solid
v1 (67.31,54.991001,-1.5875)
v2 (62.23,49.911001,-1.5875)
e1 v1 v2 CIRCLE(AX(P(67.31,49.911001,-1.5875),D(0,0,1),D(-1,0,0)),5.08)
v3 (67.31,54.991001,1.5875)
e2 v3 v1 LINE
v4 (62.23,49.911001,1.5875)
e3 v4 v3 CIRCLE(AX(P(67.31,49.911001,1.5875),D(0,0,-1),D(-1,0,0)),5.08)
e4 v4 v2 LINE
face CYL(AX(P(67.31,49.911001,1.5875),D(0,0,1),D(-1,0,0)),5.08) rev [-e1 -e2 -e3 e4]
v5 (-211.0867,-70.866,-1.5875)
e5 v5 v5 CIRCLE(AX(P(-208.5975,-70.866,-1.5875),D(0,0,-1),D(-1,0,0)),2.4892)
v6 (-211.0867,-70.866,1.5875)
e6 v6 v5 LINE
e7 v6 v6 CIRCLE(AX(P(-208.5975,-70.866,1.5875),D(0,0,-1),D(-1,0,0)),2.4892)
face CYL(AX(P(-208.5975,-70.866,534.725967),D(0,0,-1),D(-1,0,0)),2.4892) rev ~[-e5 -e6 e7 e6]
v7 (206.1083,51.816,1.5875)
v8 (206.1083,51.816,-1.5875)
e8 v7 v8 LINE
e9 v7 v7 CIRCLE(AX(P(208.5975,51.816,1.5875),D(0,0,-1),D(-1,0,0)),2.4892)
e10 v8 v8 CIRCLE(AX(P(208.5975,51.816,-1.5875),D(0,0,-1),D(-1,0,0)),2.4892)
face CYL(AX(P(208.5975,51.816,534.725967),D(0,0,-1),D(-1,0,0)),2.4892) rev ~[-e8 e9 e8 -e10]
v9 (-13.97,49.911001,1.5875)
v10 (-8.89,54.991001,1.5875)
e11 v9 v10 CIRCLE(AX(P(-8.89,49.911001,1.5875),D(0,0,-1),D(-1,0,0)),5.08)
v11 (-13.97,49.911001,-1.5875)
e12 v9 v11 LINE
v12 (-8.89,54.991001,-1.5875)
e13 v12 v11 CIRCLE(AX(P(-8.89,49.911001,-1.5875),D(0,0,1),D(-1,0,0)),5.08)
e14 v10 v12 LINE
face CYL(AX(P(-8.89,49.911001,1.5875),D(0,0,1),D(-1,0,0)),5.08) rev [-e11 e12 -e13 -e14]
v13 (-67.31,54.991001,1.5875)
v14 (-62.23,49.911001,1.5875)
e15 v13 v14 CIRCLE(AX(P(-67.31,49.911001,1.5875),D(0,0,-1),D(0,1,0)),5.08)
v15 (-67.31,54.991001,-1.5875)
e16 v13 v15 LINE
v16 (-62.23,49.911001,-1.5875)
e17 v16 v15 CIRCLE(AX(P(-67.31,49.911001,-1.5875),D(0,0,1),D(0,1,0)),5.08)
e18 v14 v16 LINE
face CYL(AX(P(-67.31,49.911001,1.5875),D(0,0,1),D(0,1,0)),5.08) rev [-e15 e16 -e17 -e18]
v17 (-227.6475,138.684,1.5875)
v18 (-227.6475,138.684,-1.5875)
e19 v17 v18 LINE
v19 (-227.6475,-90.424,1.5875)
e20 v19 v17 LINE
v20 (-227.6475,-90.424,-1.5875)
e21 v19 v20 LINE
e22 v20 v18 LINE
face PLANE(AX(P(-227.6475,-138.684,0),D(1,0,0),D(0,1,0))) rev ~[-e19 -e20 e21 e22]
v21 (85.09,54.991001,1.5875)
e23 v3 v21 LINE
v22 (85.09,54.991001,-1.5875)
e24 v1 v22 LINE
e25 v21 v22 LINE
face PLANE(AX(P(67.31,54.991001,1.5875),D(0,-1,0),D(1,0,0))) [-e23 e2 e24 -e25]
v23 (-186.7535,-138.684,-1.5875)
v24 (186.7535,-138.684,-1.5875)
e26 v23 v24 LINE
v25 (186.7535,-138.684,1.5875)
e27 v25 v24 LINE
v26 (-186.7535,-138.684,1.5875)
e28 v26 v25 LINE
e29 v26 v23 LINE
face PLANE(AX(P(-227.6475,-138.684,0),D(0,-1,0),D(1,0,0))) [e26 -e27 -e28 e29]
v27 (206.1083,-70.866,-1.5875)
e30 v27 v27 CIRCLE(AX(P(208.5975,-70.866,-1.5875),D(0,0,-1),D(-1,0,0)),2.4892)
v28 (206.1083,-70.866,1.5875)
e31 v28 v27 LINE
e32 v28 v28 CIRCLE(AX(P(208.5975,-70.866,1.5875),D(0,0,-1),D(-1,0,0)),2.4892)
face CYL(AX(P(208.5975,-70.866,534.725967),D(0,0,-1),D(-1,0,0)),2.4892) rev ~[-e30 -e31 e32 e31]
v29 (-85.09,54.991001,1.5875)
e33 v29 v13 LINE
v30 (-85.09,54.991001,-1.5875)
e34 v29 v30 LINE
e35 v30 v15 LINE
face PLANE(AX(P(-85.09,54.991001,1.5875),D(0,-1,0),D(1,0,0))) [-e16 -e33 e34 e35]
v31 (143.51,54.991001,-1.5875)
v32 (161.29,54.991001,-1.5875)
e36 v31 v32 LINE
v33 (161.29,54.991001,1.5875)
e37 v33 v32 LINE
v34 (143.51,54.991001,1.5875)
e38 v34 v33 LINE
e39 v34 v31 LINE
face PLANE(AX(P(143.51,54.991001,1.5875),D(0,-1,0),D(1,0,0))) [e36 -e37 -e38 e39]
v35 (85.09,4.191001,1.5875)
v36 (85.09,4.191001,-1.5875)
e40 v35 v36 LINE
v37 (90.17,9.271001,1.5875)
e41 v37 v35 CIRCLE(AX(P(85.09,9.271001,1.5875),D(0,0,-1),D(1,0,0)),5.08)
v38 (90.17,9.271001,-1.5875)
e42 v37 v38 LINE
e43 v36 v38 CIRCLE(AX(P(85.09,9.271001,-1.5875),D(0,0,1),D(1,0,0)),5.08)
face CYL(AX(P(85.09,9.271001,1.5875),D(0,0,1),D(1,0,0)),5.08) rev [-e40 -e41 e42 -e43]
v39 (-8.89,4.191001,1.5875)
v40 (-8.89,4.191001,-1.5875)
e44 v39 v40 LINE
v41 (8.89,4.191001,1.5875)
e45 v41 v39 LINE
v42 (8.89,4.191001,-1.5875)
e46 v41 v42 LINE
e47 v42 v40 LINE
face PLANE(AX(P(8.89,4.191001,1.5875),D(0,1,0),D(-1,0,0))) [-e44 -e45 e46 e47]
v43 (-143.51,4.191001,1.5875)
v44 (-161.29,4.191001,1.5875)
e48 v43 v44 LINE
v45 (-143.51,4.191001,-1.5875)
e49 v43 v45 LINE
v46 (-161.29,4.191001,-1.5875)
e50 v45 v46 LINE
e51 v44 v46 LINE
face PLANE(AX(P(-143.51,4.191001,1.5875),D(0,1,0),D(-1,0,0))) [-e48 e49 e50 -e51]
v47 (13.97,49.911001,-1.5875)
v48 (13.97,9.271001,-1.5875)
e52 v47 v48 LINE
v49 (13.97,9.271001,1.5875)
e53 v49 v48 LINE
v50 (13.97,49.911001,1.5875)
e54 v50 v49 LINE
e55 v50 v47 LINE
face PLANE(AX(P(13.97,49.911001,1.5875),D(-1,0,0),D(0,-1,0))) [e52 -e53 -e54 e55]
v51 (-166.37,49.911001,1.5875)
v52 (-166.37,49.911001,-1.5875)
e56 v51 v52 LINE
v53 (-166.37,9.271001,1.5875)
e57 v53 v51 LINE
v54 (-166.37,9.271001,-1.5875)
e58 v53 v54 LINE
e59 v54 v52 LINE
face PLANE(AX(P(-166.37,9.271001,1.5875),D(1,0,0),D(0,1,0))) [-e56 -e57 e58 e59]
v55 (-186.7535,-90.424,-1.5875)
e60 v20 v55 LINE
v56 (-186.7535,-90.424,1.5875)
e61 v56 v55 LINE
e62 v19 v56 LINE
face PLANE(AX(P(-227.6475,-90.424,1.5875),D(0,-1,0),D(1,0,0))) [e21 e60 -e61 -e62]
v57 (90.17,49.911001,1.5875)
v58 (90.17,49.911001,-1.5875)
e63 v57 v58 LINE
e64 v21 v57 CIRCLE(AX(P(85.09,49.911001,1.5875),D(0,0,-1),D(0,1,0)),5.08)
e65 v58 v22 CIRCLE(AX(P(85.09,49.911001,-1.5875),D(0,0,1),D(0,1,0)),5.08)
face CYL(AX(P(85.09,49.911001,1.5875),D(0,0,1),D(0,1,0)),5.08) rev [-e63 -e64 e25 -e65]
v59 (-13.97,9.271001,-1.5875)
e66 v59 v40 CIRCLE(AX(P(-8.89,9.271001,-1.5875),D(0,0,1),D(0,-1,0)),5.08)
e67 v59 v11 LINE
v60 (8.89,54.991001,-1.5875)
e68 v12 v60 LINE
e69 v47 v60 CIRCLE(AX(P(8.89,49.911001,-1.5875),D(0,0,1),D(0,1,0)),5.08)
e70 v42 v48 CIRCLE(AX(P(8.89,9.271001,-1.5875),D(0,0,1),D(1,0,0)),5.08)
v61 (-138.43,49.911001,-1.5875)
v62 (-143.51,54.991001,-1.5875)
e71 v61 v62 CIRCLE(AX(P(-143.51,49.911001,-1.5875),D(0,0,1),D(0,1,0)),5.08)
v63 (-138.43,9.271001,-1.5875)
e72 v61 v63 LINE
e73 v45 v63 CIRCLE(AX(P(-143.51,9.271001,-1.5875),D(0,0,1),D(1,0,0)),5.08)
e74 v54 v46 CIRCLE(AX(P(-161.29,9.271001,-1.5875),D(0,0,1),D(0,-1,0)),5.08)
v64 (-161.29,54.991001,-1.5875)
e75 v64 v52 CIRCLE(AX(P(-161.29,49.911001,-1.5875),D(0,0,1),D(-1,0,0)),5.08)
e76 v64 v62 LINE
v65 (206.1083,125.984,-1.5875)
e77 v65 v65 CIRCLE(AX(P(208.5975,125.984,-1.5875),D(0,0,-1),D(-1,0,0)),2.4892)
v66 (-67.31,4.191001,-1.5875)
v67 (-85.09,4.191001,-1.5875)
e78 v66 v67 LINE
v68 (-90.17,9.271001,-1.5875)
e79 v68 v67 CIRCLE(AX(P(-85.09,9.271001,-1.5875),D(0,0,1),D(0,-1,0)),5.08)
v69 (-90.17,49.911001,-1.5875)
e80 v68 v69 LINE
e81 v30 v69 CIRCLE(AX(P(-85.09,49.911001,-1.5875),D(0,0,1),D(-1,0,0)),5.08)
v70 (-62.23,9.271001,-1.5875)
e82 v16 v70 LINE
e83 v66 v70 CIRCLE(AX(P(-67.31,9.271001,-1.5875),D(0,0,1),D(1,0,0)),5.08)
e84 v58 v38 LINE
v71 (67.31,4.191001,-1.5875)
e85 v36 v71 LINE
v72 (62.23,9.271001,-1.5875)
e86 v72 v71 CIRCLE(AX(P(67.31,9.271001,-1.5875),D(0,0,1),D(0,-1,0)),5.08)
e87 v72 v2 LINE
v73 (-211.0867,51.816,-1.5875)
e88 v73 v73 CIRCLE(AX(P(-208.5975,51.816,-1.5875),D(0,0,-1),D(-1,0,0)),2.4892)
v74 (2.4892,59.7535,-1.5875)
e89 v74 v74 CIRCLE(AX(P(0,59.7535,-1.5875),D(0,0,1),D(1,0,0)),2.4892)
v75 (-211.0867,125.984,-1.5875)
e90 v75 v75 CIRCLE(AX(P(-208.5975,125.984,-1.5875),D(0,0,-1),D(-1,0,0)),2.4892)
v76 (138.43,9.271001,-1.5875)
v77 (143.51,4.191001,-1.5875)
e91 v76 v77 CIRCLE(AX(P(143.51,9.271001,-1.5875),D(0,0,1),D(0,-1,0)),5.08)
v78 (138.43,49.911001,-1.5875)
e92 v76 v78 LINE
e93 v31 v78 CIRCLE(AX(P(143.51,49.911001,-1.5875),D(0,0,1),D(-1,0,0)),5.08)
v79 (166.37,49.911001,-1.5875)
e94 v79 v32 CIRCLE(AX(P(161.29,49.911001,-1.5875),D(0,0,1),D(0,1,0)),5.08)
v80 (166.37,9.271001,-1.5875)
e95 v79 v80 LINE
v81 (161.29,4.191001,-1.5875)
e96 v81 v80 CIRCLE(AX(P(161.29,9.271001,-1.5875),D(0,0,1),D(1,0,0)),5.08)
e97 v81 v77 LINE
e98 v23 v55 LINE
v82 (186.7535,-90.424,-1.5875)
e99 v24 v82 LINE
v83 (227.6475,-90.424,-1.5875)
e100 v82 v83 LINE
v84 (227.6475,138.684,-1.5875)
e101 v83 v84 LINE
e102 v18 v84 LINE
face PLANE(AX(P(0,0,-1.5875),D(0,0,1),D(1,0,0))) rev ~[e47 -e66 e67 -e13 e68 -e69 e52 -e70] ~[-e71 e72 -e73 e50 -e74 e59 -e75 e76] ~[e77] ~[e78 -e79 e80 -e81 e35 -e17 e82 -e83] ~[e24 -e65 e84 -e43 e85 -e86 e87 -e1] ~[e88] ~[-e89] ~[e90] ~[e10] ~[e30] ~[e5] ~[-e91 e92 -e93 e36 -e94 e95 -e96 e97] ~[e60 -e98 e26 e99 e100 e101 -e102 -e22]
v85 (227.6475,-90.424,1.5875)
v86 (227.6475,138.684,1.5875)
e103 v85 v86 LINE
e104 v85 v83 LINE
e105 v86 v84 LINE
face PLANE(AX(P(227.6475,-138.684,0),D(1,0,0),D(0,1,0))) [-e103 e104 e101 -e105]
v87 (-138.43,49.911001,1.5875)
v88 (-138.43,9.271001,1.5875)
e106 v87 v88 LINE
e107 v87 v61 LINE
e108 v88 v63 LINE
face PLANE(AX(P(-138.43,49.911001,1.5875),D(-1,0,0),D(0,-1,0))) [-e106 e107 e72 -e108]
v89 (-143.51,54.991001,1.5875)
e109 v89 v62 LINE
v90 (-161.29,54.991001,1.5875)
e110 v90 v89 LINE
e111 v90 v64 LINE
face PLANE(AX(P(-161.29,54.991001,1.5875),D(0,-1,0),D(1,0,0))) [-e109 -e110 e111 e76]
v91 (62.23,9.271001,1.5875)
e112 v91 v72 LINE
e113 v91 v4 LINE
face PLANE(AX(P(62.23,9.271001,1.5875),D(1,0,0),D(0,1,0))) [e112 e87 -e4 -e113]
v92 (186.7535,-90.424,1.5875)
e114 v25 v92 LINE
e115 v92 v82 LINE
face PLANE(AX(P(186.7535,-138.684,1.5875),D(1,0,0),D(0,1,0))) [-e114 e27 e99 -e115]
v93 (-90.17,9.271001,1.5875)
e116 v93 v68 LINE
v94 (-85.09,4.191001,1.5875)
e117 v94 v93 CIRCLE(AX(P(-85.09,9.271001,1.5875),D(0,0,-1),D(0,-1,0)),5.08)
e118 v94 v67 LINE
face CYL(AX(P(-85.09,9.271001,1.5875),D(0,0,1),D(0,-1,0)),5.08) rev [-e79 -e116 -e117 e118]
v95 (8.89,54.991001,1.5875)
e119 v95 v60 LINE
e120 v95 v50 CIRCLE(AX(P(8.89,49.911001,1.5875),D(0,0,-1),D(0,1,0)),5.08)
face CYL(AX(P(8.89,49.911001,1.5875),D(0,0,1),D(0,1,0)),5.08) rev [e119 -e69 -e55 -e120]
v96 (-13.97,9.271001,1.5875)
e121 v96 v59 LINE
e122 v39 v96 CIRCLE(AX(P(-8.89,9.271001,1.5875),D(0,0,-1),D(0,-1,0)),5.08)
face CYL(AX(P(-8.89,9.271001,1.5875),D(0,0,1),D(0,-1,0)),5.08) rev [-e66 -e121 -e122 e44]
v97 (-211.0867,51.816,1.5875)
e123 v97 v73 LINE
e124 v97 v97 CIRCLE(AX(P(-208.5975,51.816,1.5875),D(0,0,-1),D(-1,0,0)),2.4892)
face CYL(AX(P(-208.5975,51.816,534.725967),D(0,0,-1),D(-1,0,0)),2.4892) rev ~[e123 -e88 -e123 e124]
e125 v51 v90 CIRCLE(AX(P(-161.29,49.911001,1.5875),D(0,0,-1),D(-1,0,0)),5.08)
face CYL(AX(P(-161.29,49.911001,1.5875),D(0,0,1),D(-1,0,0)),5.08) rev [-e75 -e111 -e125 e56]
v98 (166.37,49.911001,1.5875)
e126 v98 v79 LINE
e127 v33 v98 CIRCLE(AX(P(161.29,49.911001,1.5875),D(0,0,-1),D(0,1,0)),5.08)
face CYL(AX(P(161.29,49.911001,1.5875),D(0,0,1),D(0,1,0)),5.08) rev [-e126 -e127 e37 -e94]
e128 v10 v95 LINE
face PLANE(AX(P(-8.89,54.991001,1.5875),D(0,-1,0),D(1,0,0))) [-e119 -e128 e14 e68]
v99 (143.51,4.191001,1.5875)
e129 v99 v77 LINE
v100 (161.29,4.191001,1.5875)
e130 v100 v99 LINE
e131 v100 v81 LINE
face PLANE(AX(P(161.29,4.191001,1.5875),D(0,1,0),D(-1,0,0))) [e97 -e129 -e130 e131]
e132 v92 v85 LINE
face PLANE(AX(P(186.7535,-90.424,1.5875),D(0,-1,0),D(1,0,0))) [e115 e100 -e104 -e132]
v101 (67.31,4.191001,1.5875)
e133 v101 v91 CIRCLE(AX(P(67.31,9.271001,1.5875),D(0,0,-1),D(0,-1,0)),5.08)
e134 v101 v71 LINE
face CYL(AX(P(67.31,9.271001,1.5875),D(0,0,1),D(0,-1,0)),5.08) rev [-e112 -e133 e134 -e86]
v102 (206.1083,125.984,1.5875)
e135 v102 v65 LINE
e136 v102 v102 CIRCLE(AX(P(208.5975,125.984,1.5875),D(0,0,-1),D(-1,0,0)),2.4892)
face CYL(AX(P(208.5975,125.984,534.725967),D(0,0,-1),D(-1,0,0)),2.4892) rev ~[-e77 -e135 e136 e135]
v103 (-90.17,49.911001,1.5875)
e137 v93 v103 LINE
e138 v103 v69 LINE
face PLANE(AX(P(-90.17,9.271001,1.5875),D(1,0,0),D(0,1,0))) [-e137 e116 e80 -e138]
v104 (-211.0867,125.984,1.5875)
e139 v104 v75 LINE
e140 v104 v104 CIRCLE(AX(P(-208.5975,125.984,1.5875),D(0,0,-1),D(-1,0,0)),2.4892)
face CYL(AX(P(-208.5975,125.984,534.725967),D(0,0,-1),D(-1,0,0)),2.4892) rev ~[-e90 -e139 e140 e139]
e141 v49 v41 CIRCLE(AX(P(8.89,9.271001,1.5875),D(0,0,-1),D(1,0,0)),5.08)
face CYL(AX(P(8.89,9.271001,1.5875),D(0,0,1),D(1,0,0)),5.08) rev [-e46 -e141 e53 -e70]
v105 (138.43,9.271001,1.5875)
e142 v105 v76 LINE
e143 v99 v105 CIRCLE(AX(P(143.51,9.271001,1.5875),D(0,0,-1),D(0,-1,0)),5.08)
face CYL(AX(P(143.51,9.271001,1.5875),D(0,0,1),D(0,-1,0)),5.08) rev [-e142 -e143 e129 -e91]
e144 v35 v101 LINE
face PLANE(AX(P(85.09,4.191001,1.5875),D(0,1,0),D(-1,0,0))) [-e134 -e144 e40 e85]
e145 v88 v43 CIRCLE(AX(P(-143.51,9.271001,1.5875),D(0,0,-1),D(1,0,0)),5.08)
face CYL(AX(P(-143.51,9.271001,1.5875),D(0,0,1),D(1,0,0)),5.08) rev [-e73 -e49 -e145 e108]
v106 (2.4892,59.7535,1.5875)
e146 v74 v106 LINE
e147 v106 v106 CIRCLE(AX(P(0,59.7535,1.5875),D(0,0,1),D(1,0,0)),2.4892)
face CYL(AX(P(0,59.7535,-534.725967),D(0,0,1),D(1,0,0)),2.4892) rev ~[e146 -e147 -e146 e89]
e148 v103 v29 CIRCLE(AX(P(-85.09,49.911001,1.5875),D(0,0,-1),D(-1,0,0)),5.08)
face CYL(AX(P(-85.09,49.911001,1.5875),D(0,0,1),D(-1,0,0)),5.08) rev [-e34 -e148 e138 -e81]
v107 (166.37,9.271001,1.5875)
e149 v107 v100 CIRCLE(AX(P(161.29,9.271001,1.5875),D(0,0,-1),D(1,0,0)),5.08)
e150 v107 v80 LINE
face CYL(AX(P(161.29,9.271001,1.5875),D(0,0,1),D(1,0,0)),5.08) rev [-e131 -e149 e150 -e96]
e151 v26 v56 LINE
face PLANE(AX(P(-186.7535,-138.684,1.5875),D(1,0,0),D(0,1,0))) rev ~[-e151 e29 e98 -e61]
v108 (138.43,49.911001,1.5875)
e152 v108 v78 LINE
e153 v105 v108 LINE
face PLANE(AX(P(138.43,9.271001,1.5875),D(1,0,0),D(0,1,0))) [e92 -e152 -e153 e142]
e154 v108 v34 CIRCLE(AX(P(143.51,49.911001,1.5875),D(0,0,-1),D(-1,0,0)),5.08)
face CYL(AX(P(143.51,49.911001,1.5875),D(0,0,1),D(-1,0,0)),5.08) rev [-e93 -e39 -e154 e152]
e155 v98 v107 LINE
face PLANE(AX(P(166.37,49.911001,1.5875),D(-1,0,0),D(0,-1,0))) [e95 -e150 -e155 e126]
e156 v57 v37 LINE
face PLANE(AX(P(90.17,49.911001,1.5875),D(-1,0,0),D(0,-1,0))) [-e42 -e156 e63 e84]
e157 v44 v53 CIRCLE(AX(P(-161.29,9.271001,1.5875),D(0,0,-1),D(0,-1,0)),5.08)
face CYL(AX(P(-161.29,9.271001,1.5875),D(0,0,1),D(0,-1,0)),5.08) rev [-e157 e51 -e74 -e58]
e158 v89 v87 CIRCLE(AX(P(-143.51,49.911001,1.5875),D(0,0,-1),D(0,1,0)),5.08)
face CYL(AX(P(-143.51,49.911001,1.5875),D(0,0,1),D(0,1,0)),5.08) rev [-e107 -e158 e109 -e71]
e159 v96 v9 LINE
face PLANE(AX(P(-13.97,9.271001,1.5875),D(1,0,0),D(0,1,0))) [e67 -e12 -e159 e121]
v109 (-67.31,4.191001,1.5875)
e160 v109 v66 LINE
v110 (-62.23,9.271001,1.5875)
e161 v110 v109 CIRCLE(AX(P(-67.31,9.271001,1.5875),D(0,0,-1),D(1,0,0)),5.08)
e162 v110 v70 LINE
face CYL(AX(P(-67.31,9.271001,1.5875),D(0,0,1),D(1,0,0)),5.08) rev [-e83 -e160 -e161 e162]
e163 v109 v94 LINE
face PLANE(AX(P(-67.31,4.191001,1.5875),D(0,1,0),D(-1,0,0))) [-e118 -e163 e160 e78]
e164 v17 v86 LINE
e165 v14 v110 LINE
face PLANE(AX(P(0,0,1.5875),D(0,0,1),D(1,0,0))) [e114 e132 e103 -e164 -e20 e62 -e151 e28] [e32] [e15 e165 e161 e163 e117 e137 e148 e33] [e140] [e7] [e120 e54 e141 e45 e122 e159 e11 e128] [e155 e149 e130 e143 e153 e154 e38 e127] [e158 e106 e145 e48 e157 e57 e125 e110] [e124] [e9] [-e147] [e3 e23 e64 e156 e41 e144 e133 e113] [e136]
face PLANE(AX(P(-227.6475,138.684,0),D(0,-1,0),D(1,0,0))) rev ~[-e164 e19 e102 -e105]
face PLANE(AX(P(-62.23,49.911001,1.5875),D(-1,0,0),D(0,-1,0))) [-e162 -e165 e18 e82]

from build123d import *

# Parameters (mm, degrees)
SKETCH3_W              = 455.295
SKETCH3_H              = 277.368
BOSS_EXTRUDE1_DEPTH    = 1.5875
CUT_EXTRUDE1_DEPTH     = 25.4
SKETCH8_W              = 40.894
SKETCH8_H              = 48.26
CUT_EXTRUDE2_DEPTH     = 25.4
F_10_CLEARANCE_HOLE1_D = 4.9784
F_10_CLEARANCE_HOLE2_D = 4.9784


with BuildPart() as part:
    # Sketch3 → Boss-Extrude1 (new, symmetric)
    with BuildSketch(Plane.XY):
        Rectangle(SKETCH3_W, SKETCH3_H)
    extrude(amount=BOSS_EXTRUDE1_DEPTH, both=True)

    # Sketch4 → Cut-Extrude1 (cut)
    with BuildSketch(Plane.XY.offset(1.5875)):
        with BuildLine():
            Line((-161.29, 54.991001016), (-143.51, 54.991001016))
            ThreePointArc((-143.51, 54.991001016), (-139.917897552, 53.503103464), (-138.43, 49.911001016))
            Line((-138.43, 49.911001016), (-138.43, 9.271001016))
            ThreePointArc((-138.43, 9.271001016), (-139.917897552, 5.678898568), (-143.51, 4.191001016))
            Line((-143.51, 4.191001016), (-161.29, 4.191001016))
            ThreePointArc((-161.29, 4.191001016), (-164.882102448, 5.678898568), (-166.37, 9.271001016))
            Line((-166.37, 9.271001016), (-166.37, 49.911001016))
            ThreePointArc((-166.37, 49.911001016), (-164.882102448, 53.503103464), (-161.29, 54.991001016))
        make_face()
        with BuildLine():
            Line((-8.89, 54.991001016), (8.89, 54.991001016))
            ThreePointArc((8.89, 54.991001016), (12.482102448, 53.503103464), (13.97, 49.911001016))
            Line((13.97, 49.911001016), (13.97, 9.271001016))
            ThreePointArc((13.97, 9.271001016), (12.482102448, 5.678898568), (8.89, 4.191001016))
            Line((8.89, 4.191001016), (-8.89, 4.191001016))
            ThreePointArc((-8.89, 4.191001016), (-12.482102448, 5.678898568), (-13.97, 9.271001016))
            Line((-13.97, 9.271001016), (-13.97, 49.911001016))
            ThreePointArc((-13.97, 49.911001016), (-12.482102448, 53.503103464), (-8.89, 54.991001016))
        make_face()
        with BuildLine():
            Line((67.31, 54.991001016), (85.09, 54.991001016))
            ThreePointArc((85.09, 54.991001016), (88.682102448, 53.503103464), (90.17, 49.911001016))
            Line((90.17, 49.911001016), (90.17, 9.271001016))
            ThreePointArc((90.17, 9.271001016), (88.682102448, 5.678898568), (85.09, 4.191001016))
            Line((85.09, 4.191001016), (67.31, 4.191001016))
            ThreePointArc((67.31, 4.191001016), (63.717897552, 5.678898568), (62.23, 9.271001016))
            Line((62.23, 9.271001016), (62.23, 49.911001016))
            ThreePointArc((62.23, 49.911001016), (63.717897552, 53.503103464), (67.31, 54.991001016))
        make_face()
        with BuildLine():
            Line((143.51, 54.991001016), (161.29, 54.991001016))
            ThreePointArc((161.29, 54.991001016), (164.882102448, 53.503103464), (166.37, 49.911001016))
            Line((166.37, 49.911001016), (166.37, 9.271001016))
            ThreePointArc((166.37, 9.271001016), (164.882102448, 5.678898568), (161.29, 4.191001016))
            Line((161.29, 4.191001016), (143.51, 4.191001016))
            ThreePointArc((143.51, 4.191001016), (139.917897552, 5.678898568), (138.43, 9.271001016))
            Line((138.43, 9.271001016), (138.43, 49.911001016))
            ThreePointArc((138.43, 49.911001016), (139.917897552, 53.503103464), (143.51, 54.991001016))
        make_face()
        with BuildLine():
            Line((-85.09, 54.991001016), (-67.31, 54.991001016))
            ThreePointArc((-67.31, 54.991001016), (-63.717897552, 53.503103464), (-62.23, 49.911001016))
            Line((-62.23, 49.911001016), (-62.23, 9.271001016))
            ThreePointArc((-62.23, 9.271001016), (-63.717897552, 5.678898568), (-67.31, 4.191001016))
            Line((-67.31, 4.191001016), (-85.09, 4.191001016))
            ThreePointArc((-85.09, 4.191001016), (-88.682102448, 5.678898568), (-90.17, 9.271001016))
            Line((-90.17, 9.271001016), (-90.17, 49.911001016))
            ThreePointArc((-90.17, 49.911001016), (-88.682102448, 53.503103464), (-85.09, 54.991001016))
        make_face()
    extrude(amount=-CUT_EXTRUDE1_DEPTH, mode=Mode.SUBTRACT)

    # Sketch8 → Cut-Extrude2 (cut)
    with BuildSketch(Plane.XY.offset(1.5875)):
        with Locations((-207.2005, -114.554)):
            Rectangle(SKETCH8_W, SKETCH8_H)
        with Locations((207.2005, -114.554)):
            Rectangle(SKETCH8_W, SKETCH8_H)
    extrude(amount=-CUT_EXTRUDE2_DEPTH, mode=Mode.SUBTRACT)

    # #10 Clearance Hole1 (through all)
    with Locations(Plane.XY.offset(1.5875)):
        with Locations((208.5975, 125.984), (208.5975, 51.816), (208.5975, -70.866), (-208.5975, -70.866), (-208.5975, 51.816), (-208.5975, 125.984)):
            Hole(F_10_CLEARANCE_HOLE1_D / 2)

    # #10 Clearance Hole2 (through all)
    with Locations(Plane(origin=(0, 0, -1.5875), x_dir=(-1, 0, 0), z_dir=(0, 0, -1))):
        with Locations((0, 59.7535)):
            Hole(F_10_CLEARANCE_HOLE2_D / 2)


solid = part.part
